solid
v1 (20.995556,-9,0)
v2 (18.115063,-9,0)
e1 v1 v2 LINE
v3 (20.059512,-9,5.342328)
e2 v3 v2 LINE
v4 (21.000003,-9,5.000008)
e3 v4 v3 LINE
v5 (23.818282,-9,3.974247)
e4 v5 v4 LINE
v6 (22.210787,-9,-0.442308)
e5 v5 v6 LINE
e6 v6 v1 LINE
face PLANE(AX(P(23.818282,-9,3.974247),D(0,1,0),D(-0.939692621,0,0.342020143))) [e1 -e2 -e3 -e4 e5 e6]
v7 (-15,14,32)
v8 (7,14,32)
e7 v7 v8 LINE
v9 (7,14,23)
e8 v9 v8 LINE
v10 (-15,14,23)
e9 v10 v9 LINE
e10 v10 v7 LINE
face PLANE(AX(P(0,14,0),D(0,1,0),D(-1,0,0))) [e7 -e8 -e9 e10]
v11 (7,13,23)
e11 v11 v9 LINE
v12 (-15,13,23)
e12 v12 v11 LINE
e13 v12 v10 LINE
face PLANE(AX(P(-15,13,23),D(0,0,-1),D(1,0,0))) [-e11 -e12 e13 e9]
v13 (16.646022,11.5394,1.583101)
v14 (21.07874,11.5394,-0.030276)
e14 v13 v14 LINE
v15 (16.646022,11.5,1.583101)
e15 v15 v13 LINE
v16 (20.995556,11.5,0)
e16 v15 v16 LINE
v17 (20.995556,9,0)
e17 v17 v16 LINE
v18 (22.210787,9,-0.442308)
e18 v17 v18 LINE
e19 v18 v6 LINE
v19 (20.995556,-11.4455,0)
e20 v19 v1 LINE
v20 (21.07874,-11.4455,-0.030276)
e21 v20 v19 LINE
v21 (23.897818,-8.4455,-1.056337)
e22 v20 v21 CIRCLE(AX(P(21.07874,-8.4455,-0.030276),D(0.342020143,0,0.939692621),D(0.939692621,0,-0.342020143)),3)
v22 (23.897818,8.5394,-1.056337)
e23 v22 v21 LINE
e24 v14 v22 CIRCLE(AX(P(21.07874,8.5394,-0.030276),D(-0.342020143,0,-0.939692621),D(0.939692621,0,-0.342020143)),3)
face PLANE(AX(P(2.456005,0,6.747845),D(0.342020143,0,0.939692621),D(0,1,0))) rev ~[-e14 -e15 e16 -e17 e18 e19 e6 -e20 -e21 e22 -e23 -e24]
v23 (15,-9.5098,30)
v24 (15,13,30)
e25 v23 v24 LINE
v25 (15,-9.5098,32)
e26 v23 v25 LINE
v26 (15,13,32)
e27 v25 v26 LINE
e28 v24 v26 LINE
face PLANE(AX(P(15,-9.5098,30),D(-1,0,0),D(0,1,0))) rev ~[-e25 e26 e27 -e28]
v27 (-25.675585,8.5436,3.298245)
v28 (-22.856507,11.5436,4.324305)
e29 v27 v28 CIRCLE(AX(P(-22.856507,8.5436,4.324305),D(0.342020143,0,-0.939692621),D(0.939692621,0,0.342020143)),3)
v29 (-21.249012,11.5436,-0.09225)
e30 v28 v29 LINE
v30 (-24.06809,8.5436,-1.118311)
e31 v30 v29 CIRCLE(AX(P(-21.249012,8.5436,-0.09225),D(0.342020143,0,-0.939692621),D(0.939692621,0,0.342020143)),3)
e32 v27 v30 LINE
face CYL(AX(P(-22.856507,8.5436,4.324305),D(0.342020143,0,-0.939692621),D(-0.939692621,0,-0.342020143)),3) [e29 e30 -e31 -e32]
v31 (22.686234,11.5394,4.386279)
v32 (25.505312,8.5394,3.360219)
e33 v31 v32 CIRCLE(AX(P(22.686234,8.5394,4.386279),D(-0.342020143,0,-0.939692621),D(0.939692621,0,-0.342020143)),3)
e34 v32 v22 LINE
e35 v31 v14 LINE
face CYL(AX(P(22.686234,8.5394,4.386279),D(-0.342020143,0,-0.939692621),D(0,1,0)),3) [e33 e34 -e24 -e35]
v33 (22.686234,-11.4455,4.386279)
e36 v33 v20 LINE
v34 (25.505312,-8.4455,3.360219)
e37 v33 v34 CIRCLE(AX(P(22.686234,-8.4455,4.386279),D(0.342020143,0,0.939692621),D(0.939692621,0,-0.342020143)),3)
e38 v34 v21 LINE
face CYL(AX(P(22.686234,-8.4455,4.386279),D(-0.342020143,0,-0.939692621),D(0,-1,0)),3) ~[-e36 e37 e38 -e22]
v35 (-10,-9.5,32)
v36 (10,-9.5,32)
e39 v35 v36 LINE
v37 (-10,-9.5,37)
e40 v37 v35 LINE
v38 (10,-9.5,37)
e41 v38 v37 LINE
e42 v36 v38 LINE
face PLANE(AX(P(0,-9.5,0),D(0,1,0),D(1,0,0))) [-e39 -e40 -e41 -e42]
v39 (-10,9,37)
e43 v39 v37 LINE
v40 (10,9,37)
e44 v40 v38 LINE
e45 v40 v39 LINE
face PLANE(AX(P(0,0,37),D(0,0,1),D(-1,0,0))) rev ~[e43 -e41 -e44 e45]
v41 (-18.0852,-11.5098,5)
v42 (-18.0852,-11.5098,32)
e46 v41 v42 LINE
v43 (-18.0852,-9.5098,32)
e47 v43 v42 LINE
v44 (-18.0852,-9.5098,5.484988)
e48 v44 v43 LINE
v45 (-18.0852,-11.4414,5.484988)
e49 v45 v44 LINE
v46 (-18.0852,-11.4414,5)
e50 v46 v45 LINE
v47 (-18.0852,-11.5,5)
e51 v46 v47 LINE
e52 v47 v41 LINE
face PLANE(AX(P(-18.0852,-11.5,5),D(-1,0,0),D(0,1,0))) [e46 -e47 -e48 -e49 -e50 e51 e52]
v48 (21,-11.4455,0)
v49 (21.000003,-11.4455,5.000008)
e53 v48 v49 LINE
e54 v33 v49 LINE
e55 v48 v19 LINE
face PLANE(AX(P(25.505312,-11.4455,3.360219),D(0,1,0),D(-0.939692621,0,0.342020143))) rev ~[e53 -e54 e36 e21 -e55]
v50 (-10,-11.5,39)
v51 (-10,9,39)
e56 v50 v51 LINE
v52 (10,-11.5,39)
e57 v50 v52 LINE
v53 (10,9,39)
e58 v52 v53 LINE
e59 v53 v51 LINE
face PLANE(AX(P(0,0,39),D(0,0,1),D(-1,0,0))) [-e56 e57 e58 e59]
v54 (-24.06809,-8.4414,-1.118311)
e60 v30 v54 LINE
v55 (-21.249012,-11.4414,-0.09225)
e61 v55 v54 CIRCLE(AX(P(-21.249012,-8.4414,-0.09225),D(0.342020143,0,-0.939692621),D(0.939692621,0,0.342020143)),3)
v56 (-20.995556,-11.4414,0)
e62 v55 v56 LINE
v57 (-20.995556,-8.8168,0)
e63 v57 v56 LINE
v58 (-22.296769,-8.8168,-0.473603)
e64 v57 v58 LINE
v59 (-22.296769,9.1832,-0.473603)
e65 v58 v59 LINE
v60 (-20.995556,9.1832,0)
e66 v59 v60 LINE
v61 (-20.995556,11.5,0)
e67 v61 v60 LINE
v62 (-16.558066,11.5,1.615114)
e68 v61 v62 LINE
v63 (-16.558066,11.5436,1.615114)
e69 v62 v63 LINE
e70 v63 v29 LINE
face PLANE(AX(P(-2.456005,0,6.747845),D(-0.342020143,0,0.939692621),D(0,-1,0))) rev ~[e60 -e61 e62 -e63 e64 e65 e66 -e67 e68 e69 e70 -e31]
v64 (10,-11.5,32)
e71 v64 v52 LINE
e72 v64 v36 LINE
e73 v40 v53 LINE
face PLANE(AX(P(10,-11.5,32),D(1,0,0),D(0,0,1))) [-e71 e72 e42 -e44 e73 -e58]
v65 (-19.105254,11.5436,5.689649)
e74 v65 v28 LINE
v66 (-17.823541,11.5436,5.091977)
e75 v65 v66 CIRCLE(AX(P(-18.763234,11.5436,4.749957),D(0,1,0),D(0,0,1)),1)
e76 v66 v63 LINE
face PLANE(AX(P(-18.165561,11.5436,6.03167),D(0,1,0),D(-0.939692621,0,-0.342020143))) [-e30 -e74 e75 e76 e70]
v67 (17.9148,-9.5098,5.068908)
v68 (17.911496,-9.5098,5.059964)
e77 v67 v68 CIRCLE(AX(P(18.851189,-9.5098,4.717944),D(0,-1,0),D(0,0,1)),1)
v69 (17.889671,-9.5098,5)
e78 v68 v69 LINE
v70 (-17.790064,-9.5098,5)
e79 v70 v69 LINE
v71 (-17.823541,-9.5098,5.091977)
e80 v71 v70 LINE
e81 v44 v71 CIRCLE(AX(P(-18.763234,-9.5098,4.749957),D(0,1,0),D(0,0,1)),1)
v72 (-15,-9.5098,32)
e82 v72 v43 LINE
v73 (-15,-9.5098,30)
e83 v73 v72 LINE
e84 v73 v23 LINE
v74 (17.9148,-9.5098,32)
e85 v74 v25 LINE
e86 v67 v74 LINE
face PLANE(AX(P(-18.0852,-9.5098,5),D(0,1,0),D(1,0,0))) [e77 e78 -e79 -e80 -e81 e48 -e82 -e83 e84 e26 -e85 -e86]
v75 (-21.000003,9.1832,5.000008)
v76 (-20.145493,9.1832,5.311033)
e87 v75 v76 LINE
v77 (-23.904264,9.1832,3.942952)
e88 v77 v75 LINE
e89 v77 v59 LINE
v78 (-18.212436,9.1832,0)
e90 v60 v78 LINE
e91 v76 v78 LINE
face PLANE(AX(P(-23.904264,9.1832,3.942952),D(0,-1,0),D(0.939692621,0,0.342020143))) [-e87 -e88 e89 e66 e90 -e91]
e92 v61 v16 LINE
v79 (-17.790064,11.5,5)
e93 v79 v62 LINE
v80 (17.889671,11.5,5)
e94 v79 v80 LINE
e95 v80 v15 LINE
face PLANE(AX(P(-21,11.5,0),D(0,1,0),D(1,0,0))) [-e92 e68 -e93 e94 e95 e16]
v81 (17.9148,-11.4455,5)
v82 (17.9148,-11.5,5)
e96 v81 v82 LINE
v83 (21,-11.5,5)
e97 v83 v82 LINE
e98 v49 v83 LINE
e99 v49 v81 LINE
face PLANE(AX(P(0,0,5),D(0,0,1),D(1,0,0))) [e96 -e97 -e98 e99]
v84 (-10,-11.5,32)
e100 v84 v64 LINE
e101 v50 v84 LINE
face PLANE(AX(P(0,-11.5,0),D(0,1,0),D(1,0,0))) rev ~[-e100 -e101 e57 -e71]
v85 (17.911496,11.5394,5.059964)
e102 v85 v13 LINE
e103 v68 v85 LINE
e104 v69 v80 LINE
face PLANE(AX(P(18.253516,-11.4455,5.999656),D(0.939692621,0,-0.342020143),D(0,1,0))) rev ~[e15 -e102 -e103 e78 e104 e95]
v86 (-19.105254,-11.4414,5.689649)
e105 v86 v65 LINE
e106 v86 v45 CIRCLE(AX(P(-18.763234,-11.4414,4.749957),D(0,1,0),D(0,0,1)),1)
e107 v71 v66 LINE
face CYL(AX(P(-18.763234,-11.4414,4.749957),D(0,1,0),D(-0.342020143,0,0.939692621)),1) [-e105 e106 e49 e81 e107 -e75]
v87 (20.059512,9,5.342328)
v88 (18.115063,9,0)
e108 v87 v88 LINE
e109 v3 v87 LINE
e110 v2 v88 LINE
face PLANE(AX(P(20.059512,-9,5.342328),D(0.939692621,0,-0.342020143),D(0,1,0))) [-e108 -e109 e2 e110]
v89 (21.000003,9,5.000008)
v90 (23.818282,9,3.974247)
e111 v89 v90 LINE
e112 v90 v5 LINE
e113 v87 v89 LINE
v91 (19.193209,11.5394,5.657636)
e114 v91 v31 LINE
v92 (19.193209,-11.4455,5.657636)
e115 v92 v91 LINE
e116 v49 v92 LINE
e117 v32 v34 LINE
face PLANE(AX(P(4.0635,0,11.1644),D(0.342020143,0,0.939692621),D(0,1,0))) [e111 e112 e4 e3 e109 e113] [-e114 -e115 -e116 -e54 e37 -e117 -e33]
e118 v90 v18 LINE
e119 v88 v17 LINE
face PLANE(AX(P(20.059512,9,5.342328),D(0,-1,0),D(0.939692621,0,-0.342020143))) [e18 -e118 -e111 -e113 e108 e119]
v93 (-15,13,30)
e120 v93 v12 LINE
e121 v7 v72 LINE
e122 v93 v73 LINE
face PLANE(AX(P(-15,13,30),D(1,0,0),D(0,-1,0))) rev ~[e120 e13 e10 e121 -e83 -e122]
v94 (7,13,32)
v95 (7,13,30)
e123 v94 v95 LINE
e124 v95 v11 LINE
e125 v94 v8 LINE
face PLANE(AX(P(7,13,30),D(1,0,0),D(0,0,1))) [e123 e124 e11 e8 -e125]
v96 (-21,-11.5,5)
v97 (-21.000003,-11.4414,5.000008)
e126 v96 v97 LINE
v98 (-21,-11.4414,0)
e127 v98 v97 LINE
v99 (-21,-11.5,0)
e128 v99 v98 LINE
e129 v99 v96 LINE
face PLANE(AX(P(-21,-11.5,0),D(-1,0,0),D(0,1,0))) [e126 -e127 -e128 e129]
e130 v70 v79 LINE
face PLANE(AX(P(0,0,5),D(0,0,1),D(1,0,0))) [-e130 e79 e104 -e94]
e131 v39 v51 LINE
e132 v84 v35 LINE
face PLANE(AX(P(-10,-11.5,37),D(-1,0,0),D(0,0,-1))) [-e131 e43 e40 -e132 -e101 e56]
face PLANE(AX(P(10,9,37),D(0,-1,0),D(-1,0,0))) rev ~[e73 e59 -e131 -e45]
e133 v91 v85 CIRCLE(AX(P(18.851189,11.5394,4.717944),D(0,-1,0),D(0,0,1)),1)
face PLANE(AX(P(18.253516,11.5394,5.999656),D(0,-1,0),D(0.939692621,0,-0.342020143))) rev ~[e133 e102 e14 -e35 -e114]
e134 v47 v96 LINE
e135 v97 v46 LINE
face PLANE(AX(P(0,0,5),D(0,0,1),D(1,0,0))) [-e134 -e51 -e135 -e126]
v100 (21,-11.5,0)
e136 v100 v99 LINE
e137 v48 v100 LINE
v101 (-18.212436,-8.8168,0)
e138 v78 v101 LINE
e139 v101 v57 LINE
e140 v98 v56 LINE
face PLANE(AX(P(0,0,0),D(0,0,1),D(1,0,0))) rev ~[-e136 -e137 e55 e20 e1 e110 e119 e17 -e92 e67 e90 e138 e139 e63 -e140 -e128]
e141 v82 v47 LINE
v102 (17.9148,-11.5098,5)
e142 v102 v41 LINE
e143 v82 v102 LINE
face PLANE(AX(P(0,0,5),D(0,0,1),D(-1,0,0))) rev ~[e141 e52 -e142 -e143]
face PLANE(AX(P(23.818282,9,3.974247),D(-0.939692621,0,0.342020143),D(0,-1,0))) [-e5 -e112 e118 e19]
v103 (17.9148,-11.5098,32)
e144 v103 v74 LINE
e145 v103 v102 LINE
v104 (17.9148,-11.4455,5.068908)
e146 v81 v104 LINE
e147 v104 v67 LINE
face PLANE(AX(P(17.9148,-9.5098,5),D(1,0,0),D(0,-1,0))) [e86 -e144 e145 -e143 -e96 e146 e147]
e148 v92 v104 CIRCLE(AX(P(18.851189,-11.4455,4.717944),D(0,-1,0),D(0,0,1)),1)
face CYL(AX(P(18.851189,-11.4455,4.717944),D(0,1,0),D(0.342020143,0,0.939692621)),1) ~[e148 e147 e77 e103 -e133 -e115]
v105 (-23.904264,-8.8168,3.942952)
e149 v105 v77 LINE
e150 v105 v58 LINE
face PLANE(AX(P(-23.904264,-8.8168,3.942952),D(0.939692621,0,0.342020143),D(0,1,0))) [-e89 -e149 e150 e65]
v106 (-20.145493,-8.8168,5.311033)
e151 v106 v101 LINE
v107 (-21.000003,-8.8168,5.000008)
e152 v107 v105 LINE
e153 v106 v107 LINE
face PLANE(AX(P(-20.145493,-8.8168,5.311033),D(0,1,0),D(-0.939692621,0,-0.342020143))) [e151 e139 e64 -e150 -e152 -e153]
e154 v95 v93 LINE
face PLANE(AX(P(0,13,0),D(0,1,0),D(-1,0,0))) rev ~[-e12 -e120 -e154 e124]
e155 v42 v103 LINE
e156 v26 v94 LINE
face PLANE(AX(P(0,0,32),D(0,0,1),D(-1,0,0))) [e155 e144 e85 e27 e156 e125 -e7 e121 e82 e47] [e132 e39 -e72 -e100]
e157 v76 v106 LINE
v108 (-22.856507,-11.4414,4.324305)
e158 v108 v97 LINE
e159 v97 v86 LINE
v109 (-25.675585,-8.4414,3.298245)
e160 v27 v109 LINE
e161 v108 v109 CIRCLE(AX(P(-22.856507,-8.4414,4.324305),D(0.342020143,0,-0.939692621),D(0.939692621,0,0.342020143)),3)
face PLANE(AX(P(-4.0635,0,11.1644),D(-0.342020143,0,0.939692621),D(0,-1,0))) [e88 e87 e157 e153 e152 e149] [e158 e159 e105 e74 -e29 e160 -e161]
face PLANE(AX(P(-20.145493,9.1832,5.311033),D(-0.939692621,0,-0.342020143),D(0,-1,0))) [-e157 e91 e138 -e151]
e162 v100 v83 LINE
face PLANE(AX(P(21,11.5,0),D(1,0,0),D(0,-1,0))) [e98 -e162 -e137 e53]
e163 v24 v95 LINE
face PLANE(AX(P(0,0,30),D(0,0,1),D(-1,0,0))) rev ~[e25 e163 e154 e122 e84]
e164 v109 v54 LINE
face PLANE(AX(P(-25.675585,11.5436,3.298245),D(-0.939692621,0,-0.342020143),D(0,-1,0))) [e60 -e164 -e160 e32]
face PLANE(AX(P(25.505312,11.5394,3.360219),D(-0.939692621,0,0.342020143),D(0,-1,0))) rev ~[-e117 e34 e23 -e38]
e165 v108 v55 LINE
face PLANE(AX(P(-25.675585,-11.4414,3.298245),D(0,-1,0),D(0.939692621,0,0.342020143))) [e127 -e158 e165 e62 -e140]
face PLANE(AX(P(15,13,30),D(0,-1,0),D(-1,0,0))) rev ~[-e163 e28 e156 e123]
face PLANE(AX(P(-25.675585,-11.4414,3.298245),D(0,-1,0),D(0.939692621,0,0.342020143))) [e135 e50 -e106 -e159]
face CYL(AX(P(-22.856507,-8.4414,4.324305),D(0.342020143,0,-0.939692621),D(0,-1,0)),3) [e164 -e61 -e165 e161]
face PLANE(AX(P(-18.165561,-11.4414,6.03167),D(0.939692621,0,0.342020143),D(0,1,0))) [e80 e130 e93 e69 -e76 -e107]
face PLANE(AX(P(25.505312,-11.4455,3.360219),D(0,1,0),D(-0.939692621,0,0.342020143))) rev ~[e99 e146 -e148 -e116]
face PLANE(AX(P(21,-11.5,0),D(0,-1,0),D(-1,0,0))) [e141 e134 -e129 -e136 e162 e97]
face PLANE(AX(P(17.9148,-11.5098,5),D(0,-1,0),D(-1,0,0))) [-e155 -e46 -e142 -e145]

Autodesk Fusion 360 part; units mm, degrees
sketch "Sketch1" plane through (0, 0, 0) normal (0, 0, 1) x (1, 0, 0)
  line L0 (-21, 11.5) -> (21, 11.5)
  line L1 (21, 11.5) -> (21, -11.5)
  line L2 (21, -11.5) -> (-21, -11.5)
  line L3 (-21, -11.5) -> (-21, 11.5)
  line L4 (-21, 11.5) -> (21, -11.5) construction
  line L5 (21, 11.5) -> (-21, -11.5) construction
  dimension "d1" = 42
  dimension "d2" = 23
extrude "Extrude1" add sketch "Sketch1" along normal blind 5
sketch "Sketch3" plane through (0, 0, 5) normal (0, 0, 1) x (-1, 0, 0)
  line L0 (21, 11.5) -> (-21, 11.5)
  line L1 (-21, 11.5) -> (-21, -11.5)
  line L2 (-21, -11.5) -> (21, -11.5)
  line L3 (21, -11.5) -> (21, 11.5)
  line L4 (-17.9148, 11.5098) -> (18.0852, 11.5098)
  line L5 (18.0852, 11.5098) -> (18.0852, 9.5098)
  line L6 (18.0852, 9.5098) -> (-17.9148, 9.5098)
  line L7 (-17.9148, 9.5098) -> (-17.9148, 11.5098)
  line L8 (-17.9148, 11.5098) -> (18.0852, 9.5098) construction
  line L9 (18.0852, 11.5098) -> (-17.9148, 9.5098) construction
  point P0 (0.0852, 10.5098)
  dimension "d44" = 36
  dimension "d45" = 2
extrude "Extrude3" add sketch "Sketch3" along normal blind 25 contours L0 L5 L6 L7 | L0 L4 L5 L7
sketch "Sketch4" plane through (0, 0, 30) normal (0, 0, 1) x (-1, 0, 0)
  line L0 (15, 10.5175) -> (-15, 10.5175)
  line L1 (-15, 10.5175) -> (-15, -13)
  line L2 (-15, -13) -> (15, -13)
  line L3 (15, -13) -> (15, 10.5175)
  line L4 (-17.9148, 9.5098) -> (18.0852, 9.5098)
  line L5 (18.0852, 9.5098) -> (18.0852, 11.5098)
  line L6 (18.0852, 11.5098) -> (-17.9148, 11.5098)
  line L7 (-17.9148, 11.5098) -> (-17.9148, 9.5098)
extrude "Extrude4" add sketch "Sketch4" along normal blind 2
ref_plane "WorkPlane1" through (21, 0, 5) normal (0.342, 0, 0.9397) x (0, 1, 0)
sketch "Sketch7" plane through (4.0635, 0, 11.1644) normal (0.342, 0, 0.9397) x (0, 1, 0)
  line L0 (-11.4455, -15.1007) -> (11.5394, -15.1007)
  line L1 (11.5394, -15.1007) -> (11.5394, -22.8179)
  line L2 (11.5394, -22.8179) -> (-11.4455, -22.8179)
  line L3 (-11.4455, -22.8179) -> (-11.4455, -15.1007)
extrude "Extrude7" add sketch "Sketch7" against normal blind 4.7
fillet "Fillet1" radius 3 2 edges at (24.7015, -11.4455, 1.1519) (24.7015, 11.5394, 1.1519)
fillet "Fillet2" radius 1 1 edges at (18.2536, 0.0469, 5.9996)
sketch "Sketch8" plane through (4.0635, 0, 11.1644) normal (0.342, 0, 0.9397) x (0, 1, 0)
  line L0 (11.5394, -16.1007) -> (-11.4455, -16.1007)
  line L1 (-8.4455, -22.8179) -> (8.5394, -22.8179)
  arc A0 (8.5394, -22.8179) -> (11.5394, -19.8179) centre (8.5394, -19.8179) ccw
  line L2 (11.5394, -19.8179) -> (11.5394, -16.1007)
  line L3 (-9, -17.0226) -> (9, -17.0226)
  line L4 (9, -17.0226) -> (9, -21.0226)
  line L5 (9, -21.0226) -> (-9, -21.0226)
  line L6 (-9, -21.0226) -> (-9, -17.0226)
  line L7 (-11.4455, -16.1007) -> (-11.4455, -18.0234)
  line L8 (-11.4455, -18.0234) -> (-11.4455, -19.8179)
  arc A1 (-11.4455, -19.8179) -> (-8.4455, -22.8179) centre (-8.4455, -19.8179) ccw
extrude "Extrude8" cut sketch "Sketch8" against normal blind 8 contours L3 L4 L5 L6
ref_plane "WorkPlane2" through (-21, 0, 5) normal (-0.342, 0, 0.9397) x (0, -1, 0)
sketch "Sketch9" plane through (4.0635, 0, 11.1644) normal (0.342, 0, 0.9397) x (0, 1, 0)
sketch "Sketch10" plane through (-4.0635, 0, 11.1644) normal (-0.342, 0, 0.9397) x (0, -1, 0)
  line L0 (11.4414, -15.0071) -> (-11.5436, -15.0071)
  line L1 (-11.5436, -15.0071) -> (-11.5436, -22.9991)
  line L2 (-11.5436, -22.9991) -> (11.4414, -22.9991)
  line L3 (11.4414, -22.9991) -> (11.4414, -15.0071)
  dimension "d29" = 22.985
  dimension "d30" = 7.992
extrude "Extrude9" add sketch "Sketch10" against normal blind 4.7
fillet "Fillet3" radius 3 2 edges at (-24.8718, -11.4414, 1.09) (-24.8718, 11.5436, 1.09)
sketch "Sketch11" plane through (4.0635, 0, 11.1644) normal (0.342, 0, 0.9397) x (0, 1, 0)
sketch "Sketch12" plane through (-4.0635, 0, 11.1644) normal (-0.342, 0, 0.9397) x (0, -1, 0)
  arc A0 (-11.5436, -19.9991) -> (-8.5436, -22.9991) centre (-8.5436, -19.9991) ccw
  line L0 (-8.5436, -22.9991) -> (8.4414, -22.9991)
  line L1 (11.4414, -19.9991) -> (11.4414, -18.0234)
  line L2 (11.4414, -15.0071) -> (-11.5436, -15.0071)
  line L3 (-11.5436, -15.0071) -> (-11.5436, -19.9991)
  line L4 (-9.1832, -17.1141) -> (8.8168, -17.1141)
  line L5 (8.8168, -17.1141) -> (8.8168, -21.1141)
  line L6 (8.8168, -21.1141) -> (-9.1832, -21.1141)
  line L7 (-9.1832, -21.1141) -> (-9.1832, -17.1141)
  arc A1 (8.4414, -22.9991) -> (11.4414, -19.9991) centre (8.4414, -19.9991) ccw
  line L8 (11.4414, -18.0234) -> (11.4414, -15.0071)
  dimension "d35" = 18
  dimension "d36" = 4
extrude "Extrude10" cut sketch "Sketch12" against normal blind 15 contours L4 L5 L6 L7
sketch "Sketch15" plane through (0, 13, 0) normal (0, 1, 0) x (-1, 0, 0)
  line L0 (-15, 30) -> (15, 30)
  line L1 (15, 30) -> (15, 32)
  line L2 (15, 32) -> (-15, 32)
  line L3 (-15, 32) -> (-15, 30)
  line L4 (-7, 32) -> (15, 32)
  line L5 (15, 32) -> (15, 23)
  line L6 (15, 23) -> (-7, 23)
  line L7 (-7, 23) -> (-7, 32)
extrude "Extrude12" add sketch "Sketch15" along normal blind 1 contours L0 L1 L2 L4 L5 L7 | L0 L5 L6 L7
fillet "Fillet4" radius 1 1 edges at (-18.1656, 0.0511, 6.0317)
ref_plane "WorkPlane3" through (0, -11.5, 0) normal (0, 1, 0) x (0, 0, 1)
sketch "Sketch18" plane through (0, -11.5, 0) normal (0, 1, 0) x (1, 0, 0)
  line L0 (-10, -32) -> (10, -32)
  line L1 (10, -32) -> (10, -37)
  line L2 (10, -37) -> (-10, -37)
  line L3 (-10, -37) -> (-10, -32)
extrude "Extrude13" add sketch "Sketch18" along normal blind 2
sketch "Sketch19" plane through (0, 0, 37) normal (0, 0, 1) x (-1, 0, 0)
  line L0 (10, 11.5) -> (-10, 11.5)
  line L1 (-10, 11.5) -> (-10, 9.5)
  line L2 (-10, 9.5) -> (10, 9.5)
  line L3 (10, 9.5) -> (10, 11.5)
  line L4 (10, 11.5) -> (-10, 11.5)
  line L5 (-10, 11.5) -> (-10, -9)
  line L6 (-10, -9) -> (10, -9)
  line L7 (10, -9) -> (10, 11.5)
extrude "Extrude14" add sketch "Sketch19" along normal blind 2
